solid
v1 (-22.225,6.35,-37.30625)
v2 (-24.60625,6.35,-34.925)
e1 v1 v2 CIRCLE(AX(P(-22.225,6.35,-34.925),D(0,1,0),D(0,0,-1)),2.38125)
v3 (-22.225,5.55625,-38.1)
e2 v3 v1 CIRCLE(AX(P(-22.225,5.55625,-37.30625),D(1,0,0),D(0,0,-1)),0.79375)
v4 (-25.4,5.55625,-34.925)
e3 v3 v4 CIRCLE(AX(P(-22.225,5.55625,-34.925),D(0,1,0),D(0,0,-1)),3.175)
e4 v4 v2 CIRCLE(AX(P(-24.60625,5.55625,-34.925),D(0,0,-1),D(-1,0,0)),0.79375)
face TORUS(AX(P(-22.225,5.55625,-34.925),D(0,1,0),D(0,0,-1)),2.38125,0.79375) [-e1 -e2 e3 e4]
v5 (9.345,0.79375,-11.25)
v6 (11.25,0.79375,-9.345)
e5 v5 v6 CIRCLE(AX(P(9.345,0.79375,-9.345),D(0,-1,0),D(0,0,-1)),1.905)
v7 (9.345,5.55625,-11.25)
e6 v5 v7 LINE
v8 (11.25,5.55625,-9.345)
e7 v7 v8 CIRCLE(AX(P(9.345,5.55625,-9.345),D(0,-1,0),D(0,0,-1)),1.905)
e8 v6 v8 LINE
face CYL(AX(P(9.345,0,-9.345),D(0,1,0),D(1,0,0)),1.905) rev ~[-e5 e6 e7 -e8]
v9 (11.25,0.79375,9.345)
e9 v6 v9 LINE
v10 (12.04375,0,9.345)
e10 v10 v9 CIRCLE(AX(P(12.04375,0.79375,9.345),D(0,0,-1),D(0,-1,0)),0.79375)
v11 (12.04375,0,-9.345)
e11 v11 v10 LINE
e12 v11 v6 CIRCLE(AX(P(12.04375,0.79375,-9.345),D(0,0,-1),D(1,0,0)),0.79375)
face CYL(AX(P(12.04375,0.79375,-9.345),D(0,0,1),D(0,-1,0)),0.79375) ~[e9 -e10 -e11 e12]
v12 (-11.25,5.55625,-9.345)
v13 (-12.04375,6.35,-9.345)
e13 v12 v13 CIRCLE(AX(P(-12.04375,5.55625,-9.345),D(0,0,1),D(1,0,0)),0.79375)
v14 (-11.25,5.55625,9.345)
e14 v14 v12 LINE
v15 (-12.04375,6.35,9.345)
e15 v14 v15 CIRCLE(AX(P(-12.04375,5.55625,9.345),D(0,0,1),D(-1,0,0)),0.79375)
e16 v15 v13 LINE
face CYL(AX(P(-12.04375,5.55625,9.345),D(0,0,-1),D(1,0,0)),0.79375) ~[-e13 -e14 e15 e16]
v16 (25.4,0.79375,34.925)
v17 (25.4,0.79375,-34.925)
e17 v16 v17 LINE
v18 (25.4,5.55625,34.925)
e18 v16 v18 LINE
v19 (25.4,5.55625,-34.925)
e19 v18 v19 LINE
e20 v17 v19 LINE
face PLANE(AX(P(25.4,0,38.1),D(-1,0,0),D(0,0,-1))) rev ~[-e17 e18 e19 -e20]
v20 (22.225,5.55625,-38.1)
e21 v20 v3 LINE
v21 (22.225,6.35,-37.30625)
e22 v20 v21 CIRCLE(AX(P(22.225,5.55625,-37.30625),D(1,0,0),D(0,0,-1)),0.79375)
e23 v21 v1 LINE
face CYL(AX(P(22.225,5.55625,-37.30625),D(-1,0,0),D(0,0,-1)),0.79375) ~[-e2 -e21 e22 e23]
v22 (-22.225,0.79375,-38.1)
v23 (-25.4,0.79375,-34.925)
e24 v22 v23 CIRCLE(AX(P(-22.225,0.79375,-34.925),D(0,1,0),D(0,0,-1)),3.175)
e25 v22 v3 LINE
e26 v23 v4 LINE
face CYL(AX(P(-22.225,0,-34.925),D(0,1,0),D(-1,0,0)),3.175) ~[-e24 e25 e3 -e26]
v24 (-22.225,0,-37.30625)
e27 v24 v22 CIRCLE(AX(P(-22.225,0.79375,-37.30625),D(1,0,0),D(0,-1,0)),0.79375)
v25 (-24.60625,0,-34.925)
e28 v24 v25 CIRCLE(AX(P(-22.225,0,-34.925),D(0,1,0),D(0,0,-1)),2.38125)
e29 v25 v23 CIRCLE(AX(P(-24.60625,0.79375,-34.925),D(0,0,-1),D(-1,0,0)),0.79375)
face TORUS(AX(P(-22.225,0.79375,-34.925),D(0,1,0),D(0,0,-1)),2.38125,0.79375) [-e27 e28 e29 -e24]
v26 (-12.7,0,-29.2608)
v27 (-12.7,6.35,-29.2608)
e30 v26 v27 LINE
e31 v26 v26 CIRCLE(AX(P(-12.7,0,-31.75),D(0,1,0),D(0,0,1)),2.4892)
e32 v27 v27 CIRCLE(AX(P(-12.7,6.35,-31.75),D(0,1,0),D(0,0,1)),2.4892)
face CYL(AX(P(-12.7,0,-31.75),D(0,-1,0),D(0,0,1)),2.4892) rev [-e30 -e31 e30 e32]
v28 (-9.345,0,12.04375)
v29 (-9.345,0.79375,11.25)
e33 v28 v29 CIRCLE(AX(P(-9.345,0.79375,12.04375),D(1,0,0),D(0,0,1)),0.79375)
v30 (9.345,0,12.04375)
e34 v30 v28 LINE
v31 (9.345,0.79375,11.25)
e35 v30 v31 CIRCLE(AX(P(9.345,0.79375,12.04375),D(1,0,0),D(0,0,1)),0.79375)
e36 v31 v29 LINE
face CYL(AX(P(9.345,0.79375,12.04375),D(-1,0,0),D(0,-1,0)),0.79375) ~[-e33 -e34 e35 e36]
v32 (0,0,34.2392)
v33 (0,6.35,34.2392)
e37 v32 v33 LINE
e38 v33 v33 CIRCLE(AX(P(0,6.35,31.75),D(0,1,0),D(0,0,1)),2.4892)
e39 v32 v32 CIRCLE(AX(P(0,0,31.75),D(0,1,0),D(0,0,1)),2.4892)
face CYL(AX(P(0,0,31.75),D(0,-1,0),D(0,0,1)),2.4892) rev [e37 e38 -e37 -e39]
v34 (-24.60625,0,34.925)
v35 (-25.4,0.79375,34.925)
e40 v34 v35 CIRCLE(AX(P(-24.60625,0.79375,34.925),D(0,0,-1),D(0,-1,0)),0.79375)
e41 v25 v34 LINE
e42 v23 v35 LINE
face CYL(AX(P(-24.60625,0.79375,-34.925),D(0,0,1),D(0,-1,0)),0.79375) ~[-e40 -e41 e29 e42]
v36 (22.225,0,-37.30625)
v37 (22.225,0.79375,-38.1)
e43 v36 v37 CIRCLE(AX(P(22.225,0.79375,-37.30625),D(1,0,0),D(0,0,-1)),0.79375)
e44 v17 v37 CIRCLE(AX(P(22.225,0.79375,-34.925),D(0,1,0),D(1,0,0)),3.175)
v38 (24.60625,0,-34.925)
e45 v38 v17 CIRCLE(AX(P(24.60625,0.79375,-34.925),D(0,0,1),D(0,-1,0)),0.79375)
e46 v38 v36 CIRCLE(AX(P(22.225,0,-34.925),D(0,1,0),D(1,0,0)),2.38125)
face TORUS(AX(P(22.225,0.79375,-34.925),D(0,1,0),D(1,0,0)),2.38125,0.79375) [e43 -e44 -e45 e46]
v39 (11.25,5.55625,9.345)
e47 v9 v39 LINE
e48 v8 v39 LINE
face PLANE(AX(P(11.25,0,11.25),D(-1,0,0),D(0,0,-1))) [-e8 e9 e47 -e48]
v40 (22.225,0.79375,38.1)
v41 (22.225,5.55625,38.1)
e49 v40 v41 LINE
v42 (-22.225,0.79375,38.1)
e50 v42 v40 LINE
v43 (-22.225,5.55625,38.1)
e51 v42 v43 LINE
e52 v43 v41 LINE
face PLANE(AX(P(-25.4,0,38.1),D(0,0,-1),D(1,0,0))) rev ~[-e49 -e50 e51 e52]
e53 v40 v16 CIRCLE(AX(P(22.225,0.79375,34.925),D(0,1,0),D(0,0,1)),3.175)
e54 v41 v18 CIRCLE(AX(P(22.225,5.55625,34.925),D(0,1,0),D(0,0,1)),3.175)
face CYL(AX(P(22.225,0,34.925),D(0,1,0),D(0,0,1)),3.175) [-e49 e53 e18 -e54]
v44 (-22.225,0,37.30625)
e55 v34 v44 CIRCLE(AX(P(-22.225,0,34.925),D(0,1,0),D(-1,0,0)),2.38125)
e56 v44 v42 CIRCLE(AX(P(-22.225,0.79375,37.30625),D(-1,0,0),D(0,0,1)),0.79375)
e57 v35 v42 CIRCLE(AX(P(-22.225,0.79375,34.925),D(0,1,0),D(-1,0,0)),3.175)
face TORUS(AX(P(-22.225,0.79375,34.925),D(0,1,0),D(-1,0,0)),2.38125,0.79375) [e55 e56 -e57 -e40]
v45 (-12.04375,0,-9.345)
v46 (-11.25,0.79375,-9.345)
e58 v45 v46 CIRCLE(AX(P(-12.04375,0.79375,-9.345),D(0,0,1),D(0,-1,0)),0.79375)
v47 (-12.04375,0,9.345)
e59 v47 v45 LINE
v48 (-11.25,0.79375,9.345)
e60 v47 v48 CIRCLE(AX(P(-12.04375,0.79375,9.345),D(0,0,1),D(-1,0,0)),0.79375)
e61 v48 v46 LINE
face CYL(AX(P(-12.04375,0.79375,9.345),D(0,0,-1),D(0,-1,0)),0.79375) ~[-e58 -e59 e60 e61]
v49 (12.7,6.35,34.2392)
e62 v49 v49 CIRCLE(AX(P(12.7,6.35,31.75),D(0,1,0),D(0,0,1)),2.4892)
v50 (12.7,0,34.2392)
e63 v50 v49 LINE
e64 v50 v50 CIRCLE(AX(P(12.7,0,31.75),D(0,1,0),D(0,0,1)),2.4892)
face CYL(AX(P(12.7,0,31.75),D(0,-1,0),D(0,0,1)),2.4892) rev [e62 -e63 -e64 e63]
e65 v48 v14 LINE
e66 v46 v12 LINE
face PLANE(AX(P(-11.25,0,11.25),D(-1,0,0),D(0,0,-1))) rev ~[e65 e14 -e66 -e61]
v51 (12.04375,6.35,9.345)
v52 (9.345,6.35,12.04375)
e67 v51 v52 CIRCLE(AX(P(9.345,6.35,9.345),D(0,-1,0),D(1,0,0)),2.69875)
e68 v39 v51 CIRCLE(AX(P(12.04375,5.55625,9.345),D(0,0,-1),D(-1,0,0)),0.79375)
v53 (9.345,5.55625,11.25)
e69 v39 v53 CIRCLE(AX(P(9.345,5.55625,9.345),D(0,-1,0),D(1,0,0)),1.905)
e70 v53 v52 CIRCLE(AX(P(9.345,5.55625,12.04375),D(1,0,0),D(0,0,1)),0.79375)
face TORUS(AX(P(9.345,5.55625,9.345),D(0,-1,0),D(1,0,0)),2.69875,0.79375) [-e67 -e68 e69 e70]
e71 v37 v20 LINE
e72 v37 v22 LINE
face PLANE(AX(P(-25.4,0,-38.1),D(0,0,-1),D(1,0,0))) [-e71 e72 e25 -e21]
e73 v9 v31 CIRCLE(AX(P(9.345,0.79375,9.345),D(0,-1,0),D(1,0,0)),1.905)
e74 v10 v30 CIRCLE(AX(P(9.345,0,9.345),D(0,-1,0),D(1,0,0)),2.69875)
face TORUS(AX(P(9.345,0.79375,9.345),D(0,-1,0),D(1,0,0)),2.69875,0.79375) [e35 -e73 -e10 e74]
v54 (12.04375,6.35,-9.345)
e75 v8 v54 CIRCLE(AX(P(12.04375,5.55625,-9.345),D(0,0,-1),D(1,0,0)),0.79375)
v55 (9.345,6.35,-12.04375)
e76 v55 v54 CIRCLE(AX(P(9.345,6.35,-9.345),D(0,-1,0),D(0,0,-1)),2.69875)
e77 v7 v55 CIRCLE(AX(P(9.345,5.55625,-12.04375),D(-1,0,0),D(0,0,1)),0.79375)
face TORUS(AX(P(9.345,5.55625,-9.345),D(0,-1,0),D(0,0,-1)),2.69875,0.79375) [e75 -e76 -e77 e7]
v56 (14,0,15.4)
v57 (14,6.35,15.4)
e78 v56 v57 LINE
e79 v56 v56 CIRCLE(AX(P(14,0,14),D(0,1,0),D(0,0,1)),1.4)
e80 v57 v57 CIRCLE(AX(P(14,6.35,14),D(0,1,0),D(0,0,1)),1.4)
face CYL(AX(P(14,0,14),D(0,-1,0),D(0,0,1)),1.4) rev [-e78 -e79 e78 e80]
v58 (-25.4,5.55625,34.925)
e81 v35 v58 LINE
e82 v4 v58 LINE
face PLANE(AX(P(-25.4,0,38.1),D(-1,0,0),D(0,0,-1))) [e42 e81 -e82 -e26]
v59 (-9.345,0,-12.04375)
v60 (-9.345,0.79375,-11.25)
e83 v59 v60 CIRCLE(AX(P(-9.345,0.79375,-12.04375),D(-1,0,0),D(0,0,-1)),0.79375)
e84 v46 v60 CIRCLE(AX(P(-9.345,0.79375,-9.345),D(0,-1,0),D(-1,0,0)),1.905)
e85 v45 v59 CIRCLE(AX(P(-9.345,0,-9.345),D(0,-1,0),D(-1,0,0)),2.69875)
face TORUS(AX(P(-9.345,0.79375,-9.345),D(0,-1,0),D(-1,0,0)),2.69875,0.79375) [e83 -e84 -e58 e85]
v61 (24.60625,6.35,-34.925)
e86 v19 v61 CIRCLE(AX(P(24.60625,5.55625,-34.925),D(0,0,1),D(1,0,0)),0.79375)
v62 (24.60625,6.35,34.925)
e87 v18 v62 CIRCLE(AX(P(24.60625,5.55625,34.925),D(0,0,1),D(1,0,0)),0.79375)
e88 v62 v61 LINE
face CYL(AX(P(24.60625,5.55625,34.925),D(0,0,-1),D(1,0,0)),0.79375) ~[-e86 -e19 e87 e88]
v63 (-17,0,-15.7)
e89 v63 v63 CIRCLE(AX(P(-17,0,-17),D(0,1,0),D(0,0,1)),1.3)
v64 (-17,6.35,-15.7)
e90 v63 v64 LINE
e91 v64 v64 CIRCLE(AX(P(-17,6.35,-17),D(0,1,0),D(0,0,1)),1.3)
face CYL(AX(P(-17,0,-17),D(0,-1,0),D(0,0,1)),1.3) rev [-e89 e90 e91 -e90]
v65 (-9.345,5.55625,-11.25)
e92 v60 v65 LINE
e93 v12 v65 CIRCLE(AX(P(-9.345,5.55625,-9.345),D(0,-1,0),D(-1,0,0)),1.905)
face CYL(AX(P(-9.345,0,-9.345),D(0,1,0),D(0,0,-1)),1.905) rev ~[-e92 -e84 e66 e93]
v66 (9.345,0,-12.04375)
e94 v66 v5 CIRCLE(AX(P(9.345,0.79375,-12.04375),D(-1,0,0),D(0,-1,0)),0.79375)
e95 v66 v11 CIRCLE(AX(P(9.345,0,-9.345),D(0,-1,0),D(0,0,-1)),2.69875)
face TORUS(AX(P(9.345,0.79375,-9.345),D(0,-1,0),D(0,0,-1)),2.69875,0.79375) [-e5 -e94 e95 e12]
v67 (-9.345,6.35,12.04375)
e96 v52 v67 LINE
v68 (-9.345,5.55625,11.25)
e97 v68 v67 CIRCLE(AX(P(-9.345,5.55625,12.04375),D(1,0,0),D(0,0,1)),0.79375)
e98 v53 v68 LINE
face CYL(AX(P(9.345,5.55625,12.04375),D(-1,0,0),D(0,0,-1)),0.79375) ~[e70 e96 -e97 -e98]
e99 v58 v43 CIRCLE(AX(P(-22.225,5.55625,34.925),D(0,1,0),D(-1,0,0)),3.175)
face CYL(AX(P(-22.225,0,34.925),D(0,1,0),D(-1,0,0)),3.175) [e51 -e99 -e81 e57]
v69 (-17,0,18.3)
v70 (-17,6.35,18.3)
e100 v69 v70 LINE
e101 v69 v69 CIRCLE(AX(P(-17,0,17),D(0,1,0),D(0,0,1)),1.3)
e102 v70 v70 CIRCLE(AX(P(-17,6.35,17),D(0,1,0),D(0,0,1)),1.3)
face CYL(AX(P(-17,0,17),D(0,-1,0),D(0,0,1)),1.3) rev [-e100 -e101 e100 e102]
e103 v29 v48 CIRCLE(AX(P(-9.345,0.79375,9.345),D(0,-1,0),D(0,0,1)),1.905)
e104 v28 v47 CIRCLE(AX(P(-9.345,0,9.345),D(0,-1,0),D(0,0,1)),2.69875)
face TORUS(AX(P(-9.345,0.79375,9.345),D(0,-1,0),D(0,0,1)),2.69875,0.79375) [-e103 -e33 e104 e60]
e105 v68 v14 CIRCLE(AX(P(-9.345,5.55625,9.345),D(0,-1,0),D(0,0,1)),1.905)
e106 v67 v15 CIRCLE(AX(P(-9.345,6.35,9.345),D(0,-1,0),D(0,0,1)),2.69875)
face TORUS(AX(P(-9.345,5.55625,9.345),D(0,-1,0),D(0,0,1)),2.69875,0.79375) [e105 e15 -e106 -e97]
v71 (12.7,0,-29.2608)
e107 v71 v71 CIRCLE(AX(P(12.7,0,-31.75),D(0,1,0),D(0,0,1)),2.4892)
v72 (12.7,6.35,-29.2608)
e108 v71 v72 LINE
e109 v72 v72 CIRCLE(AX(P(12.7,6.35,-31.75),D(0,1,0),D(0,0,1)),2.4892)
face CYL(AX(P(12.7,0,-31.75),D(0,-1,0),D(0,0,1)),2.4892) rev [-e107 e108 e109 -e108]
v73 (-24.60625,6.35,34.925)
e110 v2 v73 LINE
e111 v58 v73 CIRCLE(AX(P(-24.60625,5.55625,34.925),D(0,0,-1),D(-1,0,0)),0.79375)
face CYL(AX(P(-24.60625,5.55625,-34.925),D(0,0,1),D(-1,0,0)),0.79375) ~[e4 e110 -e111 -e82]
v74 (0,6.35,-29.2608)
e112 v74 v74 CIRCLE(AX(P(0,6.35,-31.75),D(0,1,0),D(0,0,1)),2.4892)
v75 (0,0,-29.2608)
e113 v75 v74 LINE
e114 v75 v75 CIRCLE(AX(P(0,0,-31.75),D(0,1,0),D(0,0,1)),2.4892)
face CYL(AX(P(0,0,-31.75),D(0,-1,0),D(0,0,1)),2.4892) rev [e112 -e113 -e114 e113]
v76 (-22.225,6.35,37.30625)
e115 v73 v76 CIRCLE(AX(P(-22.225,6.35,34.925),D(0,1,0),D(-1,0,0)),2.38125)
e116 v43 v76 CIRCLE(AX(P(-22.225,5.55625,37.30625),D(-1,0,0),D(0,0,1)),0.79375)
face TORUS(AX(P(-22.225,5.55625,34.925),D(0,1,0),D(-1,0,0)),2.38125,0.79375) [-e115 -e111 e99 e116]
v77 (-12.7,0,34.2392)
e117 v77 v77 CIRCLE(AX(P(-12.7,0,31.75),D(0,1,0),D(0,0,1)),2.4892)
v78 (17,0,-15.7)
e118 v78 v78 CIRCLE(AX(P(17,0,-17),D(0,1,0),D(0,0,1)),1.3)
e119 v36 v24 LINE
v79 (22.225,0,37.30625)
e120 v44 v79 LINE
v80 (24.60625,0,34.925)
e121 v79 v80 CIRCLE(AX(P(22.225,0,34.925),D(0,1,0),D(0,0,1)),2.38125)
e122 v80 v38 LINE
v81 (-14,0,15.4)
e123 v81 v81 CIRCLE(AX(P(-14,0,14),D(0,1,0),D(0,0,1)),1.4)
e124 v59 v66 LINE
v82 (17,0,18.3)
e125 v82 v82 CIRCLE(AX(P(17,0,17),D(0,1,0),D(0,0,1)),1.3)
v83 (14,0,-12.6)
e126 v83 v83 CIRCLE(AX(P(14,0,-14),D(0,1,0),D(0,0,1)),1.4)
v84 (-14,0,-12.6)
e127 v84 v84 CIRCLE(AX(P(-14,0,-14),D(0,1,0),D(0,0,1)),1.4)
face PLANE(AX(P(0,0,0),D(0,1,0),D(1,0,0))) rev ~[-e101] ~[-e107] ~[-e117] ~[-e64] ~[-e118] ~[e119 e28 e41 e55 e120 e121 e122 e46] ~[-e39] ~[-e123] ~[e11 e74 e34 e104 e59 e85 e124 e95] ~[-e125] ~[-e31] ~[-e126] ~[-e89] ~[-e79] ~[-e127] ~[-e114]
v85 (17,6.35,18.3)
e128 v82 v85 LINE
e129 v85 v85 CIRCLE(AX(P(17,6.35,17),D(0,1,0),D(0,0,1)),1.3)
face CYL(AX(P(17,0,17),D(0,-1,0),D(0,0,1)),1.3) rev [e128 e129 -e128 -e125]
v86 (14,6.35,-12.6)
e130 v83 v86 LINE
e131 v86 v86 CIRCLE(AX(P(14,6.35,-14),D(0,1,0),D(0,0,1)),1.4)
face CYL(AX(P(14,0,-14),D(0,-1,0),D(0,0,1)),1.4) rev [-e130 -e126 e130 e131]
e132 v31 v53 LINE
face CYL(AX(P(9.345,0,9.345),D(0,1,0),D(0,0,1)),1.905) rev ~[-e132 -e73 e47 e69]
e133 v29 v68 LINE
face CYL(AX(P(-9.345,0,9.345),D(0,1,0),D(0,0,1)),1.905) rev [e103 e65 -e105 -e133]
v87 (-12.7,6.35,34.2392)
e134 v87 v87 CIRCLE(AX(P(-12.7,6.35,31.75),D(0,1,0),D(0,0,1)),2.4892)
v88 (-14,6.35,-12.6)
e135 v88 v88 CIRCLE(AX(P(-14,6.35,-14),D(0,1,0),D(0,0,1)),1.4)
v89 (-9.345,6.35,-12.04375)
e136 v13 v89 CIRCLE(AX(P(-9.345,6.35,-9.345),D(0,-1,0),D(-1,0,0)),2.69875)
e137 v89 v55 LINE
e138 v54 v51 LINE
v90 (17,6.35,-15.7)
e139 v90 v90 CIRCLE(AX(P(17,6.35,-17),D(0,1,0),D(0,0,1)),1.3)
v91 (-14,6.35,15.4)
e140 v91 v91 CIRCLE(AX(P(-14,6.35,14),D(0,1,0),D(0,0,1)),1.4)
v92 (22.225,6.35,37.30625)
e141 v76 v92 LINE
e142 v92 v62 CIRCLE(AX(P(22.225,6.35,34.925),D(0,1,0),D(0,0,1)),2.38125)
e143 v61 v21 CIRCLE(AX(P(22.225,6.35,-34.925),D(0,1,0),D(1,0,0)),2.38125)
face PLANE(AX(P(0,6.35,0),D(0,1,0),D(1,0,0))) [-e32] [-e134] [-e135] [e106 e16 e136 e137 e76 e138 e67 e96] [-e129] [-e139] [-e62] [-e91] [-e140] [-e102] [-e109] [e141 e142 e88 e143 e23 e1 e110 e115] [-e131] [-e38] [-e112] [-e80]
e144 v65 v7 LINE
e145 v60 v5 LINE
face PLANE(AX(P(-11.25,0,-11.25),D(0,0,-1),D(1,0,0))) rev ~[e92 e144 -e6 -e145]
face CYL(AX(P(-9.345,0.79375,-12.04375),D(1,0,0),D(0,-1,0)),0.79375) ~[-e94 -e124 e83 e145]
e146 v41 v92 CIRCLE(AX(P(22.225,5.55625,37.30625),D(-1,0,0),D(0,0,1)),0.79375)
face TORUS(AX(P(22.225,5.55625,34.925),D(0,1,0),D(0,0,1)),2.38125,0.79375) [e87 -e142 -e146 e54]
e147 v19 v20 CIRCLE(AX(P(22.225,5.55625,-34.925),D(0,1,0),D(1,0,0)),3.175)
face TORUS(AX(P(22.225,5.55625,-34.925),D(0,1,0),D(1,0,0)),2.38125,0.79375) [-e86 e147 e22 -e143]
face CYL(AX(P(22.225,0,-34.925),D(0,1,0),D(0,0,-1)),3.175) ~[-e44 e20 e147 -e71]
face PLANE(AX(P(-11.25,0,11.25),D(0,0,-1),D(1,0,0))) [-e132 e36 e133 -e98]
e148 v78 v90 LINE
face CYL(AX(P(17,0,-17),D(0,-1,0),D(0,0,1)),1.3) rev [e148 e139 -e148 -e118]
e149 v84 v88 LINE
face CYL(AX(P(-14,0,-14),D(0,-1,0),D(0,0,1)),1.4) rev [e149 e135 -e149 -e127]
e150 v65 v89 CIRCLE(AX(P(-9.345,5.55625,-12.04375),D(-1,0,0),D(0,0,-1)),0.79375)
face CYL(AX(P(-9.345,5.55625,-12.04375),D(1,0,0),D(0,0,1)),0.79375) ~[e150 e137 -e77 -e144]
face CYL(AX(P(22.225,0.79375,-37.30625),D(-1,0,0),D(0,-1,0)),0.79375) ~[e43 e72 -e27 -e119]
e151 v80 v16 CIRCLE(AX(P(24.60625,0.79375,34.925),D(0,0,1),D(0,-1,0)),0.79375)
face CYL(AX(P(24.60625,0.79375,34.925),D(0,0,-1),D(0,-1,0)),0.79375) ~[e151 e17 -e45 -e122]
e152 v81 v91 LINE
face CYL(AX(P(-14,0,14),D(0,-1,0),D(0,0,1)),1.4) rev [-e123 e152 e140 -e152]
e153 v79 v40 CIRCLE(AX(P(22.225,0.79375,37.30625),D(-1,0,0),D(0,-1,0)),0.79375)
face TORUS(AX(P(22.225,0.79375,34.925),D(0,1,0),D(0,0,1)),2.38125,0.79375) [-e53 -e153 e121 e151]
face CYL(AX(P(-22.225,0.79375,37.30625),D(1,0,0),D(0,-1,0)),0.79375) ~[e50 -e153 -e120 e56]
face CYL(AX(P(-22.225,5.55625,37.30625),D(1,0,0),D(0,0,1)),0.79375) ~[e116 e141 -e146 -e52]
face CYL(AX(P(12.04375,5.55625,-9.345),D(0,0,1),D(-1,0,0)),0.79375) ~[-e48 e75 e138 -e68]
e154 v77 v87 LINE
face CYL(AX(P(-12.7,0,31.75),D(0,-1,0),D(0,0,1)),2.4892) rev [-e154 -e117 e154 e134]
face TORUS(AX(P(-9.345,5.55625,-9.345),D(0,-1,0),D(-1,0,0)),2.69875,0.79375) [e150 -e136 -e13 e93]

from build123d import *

# Parameters (mm, degrees)
SKETCH1_W           = 50.8
SKETCH1_H           = 76.2
SKETCH1_R           = 1.3
SKETCH1_R_2         = 1.4
SKETCH1_R_3         = 2.4892
SKETCH1_W_2         = 22.5
SKETCH1_H_2         = 22.5
BOSS_EXTRUDE1_DEPTH = 6.35
FILLET1_R           = 3.175
FILLET2_R           = 1.905
FILLET3_R           = 0.79375


with BuildPart() as part:
    # Sketch1 → Boss-Extrude1 (new body)
    with BuildSketch(Plane(origin=(0, 0, 0), x_dir=(1, 0, 0), z_dir=(0, 1, 0))):
        Rectangle(SKETCH1_W, SKETCH1_H)
        with Locations(Location((-17, 17, 0), (0, 0, 270))):
            Circle(SKETCH1_R, mode=Mode.SUBTRACT)
        with Locations(Location((-17, -17, 0), (0, 0, 270))):
            Circle(SKETCH1_R, mode=Mode.SUBTRACT)
        with Locations(Location((17, -17, 0), (0, 0, 270))):
            Circle(SKETCH1_R, mode=Mode.SUBTRACT)
        with Locations(Location((17, 17, 0), (0, 0, 270))):
            Circle(SKETCH1_R, mode=Mode.SUBTRACT)
        with Locations(Location((-14, 14, 0), (0, 0, 270))):
            Circle(SKETCH1_R_2, mode=Mode.SUBTRACT)
        with Locations(Location((14, 14, 0), (0, 0, 270))):
            Circle(SKETCH1_R_2, mode=Mode.SUBTRACT)
        with Locations(Location((14, -14, 0), (0, 0, 270))):
            Circle(SKETCH1_R_2, mode=Mode.SUBTRACT)
        with Locations(Location((-14, -14, 0), (0, 0, 270))):
            Circle(SKETCH1_R_2, mode=Mode.SUBTRACT)
        with Locations(Location((-12.7, 31.75, 0), (0, 0, 270))):
            Circle(SKETCH1_R_3, mode=Mode.SUBTRACT)
        with Locations(Location((0, 31.75, 0), (0, 0, 270))):
            Circle(SKETCH1_R_3, mode=Mode.SUBTRACT)
        with Locations(Location((12.7, 31.75, 0), (0, 0, 270))):
            Circle(SKETCH1_R_3, mode=Mode.SUBTRACT)
        with Locations(Location((12.7, -31.75, 0), (0, 0, 270))):
            Circle(SKETCH1_R_3, mode=Mode.SUBTRACT)
        with Locations(Location((0, -31.75, 0), (0, 0, 270))):
            Circle(SKETCH1_R_3, mode=Mode.SUBTRACT)
        with Locations(Location((-12.7, -31.75, 0), (0, 0, 270))):
            Circle(SKETCH1_R_3, mode=Mode.SUBTRACT)
        Rectangle(SKETCH1_W_2, SKETCH1_H_2, mode=Mode.SUBTRACT)
    extrude(amount=BOSS_EXTRUDE1_DEPTH)

    # Fillet1
    fillet1_edges = [part.edges().sort_by_distance(p)[0] for p in [
        (25.4, 3.175, 38.1),
        (-25.4, 3.175, 38.1),
        (-25.4, 3.175, -38.1),
        (25.4, 3.175, -38.1),
    ]]
    fillet(fillet1_edges, radius=FILLET1_R)

    # Fillet2
    fillet2_edges = [part.edges().sort_by_distance(p)[0] for p in [
        (-11.25, 3.175, -11.25),
        (-11.25, 3.175, 11.25),
        (11.25, 3.175, 11.25),
        (11.25, 3.175, -11.25),
    ]]
    fillet(fillet2_edges, radius=FILLET2_R)

    # Fillet3
    fillet3_edges = [part.edges().sort_by_distance(p)[0] for p in [
        (-10.692038418, 0, 10.692038418),
        (-10.692038418, 6.35, 10.692038418),
        (10.692038418, 0, -10.692038418),
        (10.692038418, 6.35, -10.692038418),
        (10.692038418, 0, 10.692038418),
        (10.692038418, 6.35, 10.692038418),
        (25.4, 0, 0),
        (25.4, 6.35, 0),
        (0, 0, 38.1),
        (-25.4, 0, 0),
        (0, 0, -38.1),
        (-24.47006403, 0, -37.17006403),
        (24.47006403, 0, -37.17006403),
        (-24.47006403, 0, 37.17006403),
        (24.47006403, 0, 37.17006403),
        (0, 6.35, 38.1),
        (0, 6.35, -38.1),
        (-25.4, 6.35, 0),
        (-24.47006403, 6.35, -37.17006403),
        (24.47006403, 6.35, -37.17006403),
        (-24.47006403, 6.35, 37.17006403),
        (24.47006403, 6.35, 37.17006403),
        (0, 0, -11.25),
        (0, 6.35, -11.25),
        (-11.25, 0, 0),
        (-11.25, 6.35, 0),
        (0, 0, 11.25),
        (0, 6.35, 11.25),
        (11.25, 0, 0),
        (11.25, 6.35, 0),
        (-10.692038418, 0, -10.692038418),
        (-10.692038418, 6.35, -10.692038418),
    ]]
    fillet(fillet3_edges, radius=FILLET3_R)


solid = part.part
